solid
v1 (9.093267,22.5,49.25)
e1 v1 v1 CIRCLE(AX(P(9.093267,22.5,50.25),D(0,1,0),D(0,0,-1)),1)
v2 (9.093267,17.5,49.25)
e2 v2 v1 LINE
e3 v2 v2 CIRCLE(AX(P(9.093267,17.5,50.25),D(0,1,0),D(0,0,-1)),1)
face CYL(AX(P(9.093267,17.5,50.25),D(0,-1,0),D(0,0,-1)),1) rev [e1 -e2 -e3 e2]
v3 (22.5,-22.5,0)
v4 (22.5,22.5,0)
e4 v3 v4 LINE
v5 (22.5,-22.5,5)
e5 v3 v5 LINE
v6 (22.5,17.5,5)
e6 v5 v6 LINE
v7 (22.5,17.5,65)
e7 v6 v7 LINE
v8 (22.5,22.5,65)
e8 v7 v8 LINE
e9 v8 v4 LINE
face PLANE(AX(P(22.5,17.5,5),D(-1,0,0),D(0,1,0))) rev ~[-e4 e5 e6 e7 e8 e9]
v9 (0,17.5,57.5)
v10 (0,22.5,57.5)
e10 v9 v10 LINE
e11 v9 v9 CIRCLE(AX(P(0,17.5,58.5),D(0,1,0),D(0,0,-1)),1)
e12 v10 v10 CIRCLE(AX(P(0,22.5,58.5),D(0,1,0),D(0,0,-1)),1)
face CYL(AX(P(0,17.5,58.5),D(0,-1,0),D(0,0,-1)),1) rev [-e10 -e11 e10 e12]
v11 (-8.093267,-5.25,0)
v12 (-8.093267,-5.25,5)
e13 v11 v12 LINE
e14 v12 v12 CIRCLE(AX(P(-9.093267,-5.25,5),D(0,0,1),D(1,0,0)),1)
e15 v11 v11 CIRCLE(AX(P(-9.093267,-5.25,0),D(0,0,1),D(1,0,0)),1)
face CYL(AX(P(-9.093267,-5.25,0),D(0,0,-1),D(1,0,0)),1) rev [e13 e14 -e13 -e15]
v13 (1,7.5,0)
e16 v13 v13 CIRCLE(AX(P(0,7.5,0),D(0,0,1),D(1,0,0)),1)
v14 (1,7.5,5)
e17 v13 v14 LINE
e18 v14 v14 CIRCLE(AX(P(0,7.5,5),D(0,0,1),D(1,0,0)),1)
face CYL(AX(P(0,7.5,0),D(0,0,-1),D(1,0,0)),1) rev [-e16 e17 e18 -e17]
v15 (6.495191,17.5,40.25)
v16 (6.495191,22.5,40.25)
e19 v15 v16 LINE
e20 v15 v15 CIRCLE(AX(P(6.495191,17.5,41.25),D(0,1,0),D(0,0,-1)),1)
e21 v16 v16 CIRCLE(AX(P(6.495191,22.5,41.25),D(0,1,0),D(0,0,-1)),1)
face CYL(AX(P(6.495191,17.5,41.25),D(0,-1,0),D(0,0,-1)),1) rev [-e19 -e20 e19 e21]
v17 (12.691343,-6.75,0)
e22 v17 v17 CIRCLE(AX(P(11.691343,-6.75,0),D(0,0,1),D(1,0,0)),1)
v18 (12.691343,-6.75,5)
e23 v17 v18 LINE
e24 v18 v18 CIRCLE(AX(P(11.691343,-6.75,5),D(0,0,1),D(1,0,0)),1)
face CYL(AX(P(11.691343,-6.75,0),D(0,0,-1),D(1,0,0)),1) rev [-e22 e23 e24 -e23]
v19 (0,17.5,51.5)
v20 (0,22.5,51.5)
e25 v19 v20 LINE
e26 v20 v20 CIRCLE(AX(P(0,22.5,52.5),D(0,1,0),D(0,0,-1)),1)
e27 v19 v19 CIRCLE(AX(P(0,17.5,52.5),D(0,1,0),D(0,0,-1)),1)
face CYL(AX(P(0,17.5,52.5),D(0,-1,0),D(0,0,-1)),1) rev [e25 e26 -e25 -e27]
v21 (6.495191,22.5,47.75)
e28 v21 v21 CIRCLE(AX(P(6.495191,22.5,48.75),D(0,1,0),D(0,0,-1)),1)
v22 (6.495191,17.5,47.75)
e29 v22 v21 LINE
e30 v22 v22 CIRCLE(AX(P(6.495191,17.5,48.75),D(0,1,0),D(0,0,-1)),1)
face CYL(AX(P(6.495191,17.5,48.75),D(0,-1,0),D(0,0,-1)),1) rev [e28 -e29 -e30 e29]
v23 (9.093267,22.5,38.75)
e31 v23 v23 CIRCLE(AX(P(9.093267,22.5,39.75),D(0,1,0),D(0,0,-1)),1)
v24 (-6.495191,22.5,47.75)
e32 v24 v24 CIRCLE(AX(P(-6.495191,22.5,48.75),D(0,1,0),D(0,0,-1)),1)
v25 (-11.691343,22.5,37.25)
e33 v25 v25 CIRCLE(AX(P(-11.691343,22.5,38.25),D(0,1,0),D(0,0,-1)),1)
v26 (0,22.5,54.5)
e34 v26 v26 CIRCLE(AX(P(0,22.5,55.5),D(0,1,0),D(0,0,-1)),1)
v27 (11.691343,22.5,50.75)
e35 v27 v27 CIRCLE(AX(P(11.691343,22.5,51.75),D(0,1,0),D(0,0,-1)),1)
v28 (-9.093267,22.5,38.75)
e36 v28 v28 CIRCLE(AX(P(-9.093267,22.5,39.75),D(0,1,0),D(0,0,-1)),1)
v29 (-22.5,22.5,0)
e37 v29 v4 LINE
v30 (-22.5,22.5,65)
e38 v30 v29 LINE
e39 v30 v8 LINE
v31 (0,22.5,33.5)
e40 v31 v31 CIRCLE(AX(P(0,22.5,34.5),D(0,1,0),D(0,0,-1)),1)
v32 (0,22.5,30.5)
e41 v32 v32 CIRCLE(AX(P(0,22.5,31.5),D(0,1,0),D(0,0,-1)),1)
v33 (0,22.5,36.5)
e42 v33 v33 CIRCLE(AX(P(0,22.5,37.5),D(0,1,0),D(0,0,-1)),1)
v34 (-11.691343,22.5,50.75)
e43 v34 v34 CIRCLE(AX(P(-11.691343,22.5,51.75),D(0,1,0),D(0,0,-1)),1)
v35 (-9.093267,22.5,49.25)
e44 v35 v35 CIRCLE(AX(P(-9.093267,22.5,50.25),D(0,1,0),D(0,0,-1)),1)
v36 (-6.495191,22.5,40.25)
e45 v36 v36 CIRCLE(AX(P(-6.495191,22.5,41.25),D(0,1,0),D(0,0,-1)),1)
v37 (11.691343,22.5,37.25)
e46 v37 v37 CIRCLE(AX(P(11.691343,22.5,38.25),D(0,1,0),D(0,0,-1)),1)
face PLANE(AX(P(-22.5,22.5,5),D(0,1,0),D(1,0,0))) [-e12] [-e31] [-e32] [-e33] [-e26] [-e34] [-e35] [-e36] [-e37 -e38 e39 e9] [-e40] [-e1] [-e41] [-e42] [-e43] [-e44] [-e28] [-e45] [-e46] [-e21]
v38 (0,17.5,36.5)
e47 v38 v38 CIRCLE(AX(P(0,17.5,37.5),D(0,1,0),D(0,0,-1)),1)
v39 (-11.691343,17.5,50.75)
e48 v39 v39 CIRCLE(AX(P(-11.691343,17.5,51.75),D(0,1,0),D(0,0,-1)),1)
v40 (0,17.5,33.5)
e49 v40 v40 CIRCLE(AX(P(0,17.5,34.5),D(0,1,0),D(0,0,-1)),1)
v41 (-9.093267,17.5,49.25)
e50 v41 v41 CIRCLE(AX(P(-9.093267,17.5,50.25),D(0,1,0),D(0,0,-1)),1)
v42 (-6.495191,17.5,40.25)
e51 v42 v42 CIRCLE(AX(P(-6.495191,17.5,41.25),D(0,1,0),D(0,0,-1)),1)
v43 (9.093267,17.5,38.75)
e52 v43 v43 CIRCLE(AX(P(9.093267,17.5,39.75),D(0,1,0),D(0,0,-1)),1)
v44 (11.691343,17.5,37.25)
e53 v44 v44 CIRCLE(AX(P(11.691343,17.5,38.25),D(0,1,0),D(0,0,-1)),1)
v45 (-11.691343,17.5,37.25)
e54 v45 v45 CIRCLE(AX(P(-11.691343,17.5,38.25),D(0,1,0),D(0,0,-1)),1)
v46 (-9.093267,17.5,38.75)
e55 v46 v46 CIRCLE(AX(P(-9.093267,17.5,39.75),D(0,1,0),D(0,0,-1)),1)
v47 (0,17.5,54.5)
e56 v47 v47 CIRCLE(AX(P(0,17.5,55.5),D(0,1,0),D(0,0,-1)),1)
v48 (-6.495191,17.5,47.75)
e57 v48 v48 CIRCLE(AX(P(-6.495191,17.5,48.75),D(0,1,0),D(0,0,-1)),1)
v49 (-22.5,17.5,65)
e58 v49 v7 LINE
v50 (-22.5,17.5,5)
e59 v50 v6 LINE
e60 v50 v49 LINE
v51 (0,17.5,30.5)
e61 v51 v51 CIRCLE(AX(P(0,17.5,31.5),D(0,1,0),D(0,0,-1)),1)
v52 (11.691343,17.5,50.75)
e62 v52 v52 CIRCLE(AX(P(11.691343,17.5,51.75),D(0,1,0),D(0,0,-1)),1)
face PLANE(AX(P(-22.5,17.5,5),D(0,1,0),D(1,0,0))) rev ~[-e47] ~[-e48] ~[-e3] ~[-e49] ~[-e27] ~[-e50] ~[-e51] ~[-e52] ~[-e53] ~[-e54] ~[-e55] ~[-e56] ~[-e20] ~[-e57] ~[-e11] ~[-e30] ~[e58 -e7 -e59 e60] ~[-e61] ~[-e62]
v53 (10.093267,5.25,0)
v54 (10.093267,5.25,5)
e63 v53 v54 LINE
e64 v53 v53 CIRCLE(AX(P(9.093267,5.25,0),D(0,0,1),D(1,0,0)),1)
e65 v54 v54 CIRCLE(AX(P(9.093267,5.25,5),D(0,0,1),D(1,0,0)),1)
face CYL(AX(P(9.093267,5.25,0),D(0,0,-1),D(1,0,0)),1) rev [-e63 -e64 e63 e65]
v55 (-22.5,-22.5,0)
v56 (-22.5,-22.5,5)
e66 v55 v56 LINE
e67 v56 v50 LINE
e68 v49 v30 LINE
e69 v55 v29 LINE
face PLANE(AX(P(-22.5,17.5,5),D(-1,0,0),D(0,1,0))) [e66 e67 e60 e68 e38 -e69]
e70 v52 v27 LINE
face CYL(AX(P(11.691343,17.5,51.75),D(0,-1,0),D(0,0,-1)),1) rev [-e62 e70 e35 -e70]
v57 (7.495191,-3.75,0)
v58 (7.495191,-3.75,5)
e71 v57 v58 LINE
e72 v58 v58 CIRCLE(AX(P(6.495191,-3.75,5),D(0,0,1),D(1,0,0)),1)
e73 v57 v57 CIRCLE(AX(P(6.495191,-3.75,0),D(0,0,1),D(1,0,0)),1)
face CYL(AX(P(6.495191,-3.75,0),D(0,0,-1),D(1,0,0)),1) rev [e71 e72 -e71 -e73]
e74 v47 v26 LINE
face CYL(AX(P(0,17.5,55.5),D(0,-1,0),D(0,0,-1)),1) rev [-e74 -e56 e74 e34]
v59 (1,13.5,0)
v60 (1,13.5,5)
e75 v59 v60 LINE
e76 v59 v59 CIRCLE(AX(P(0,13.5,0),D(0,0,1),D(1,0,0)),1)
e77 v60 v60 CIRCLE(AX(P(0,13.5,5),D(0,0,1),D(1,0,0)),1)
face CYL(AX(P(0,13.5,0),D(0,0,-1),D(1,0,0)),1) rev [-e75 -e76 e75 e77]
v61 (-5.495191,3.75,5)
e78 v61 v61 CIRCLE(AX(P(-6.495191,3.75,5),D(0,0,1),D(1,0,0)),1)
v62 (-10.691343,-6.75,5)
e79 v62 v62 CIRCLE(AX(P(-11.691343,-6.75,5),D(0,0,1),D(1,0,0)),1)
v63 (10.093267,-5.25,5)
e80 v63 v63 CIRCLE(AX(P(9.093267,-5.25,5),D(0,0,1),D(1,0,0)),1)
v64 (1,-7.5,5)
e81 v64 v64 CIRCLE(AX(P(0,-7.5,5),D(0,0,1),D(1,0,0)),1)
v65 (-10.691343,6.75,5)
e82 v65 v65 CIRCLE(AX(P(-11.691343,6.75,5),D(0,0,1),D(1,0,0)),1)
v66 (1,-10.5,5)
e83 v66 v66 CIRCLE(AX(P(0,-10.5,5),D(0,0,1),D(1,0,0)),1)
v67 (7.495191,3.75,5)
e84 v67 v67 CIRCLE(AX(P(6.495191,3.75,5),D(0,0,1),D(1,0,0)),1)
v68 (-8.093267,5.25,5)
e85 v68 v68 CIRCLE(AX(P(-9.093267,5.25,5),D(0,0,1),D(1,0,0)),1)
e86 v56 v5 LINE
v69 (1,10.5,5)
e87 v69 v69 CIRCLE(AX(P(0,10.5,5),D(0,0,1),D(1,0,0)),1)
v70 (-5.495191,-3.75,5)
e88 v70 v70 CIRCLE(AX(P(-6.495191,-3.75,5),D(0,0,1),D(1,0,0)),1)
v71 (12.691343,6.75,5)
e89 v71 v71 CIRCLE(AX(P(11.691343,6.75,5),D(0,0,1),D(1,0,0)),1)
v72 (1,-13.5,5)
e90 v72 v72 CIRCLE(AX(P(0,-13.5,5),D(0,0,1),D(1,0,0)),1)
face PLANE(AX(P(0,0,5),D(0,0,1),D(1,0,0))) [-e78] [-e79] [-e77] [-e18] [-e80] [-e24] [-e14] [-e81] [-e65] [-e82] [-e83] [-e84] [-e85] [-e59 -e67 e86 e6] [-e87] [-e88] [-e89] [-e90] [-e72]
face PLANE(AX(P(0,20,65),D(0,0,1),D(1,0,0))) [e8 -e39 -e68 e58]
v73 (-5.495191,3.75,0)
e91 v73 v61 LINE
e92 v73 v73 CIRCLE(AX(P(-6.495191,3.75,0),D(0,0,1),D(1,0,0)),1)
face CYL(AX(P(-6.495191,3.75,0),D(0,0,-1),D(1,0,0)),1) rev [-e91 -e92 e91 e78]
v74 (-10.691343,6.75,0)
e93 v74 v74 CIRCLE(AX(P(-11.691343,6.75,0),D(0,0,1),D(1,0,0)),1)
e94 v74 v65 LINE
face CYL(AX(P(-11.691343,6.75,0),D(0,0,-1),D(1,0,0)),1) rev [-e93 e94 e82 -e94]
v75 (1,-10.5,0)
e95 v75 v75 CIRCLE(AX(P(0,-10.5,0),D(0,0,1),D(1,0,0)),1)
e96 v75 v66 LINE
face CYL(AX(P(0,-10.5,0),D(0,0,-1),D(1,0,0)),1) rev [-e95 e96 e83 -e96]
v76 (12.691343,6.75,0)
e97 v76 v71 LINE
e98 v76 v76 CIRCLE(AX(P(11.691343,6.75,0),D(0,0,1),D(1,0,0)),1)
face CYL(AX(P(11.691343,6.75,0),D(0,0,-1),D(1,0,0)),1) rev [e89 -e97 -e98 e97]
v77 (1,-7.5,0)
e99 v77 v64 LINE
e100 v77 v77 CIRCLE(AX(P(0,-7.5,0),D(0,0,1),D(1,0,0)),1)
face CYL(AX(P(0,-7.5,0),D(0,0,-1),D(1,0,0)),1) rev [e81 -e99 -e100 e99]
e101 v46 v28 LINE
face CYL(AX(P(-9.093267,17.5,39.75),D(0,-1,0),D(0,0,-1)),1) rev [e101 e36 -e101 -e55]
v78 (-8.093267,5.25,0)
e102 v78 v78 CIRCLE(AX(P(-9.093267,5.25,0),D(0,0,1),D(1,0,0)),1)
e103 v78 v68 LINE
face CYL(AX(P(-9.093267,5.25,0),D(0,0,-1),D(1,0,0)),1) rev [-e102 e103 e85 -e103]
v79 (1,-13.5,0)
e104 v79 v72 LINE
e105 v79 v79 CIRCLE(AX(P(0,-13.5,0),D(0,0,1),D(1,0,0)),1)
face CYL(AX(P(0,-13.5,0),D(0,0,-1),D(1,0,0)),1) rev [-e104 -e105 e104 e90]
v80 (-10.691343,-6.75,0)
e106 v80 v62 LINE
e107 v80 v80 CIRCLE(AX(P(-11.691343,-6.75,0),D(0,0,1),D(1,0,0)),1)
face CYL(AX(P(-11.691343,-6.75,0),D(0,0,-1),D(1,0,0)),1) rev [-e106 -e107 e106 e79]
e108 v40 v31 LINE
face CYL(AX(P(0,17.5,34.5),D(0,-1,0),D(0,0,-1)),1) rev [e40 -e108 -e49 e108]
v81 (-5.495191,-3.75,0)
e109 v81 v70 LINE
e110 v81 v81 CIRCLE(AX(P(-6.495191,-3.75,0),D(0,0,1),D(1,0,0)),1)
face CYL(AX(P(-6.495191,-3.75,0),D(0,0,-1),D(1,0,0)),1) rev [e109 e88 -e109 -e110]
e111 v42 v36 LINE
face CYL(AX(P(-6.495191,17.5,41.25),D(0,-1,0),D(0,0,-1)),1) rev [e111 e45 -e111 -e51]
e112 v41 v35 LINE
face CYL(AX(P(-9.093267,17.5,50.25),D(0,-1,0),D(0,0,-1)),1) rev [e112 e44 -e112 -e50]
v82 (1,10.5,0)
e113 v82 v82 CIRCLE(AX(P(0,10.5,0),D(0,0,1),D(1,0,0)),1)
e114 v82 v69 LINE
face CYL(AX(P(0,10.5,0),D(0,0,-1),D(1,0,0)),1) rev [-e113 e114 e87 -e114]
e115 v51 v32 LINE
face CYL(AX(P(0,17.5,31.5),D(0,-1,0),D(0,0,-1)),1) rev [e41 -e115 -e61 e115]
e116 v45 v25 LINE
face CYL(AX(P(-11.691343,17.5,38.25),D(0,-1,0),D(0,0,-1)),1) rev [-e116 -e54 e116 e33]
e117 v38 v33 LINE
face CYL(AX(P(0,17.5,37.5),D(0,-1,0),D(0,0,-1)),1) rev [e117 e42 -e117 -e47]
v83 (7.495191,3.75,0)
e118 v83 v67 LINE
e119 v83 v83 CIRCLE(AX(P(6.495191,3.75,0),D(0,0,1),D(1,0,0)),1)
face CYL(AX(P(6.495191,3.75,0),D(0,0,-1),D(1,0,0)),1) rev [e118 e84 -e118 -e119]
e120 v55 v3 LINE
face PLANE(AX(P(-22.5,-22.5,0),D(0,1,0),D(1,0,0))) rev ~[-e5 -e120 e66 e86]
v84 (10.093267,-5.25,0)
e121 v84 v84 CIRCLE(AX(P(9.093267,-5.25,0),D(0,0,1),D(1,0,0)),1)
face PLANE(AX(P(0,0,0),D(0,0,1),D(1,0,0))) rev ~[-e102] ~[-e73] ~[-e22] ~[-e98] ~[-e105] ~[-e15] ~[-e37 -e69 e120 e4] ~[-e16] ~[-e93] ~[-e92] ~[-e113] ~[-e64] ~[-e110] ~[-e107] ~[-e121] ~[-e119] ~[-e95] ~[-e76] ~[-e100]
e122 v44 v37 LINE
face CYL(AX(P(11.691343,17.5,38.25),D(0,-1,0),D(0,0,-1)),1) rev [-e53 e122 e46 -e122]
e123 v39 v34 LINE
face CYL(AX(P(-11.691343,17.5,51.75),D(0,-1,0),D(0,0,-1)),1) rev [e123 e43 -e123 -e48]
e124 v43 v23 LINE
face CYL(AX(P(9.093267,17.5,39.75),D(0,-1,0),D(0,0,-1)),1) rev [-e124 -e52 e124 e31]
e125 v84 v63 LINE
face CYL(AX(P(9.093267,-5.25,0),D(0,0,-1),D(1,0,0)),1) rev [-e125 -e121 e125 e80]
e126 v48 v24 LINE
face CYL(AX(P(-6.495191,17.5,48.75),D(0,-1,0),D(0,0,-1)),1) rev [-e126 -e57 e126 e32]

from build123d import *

# Parameters (mm, degrees)
SKETCH1_W           = 45
SKETCH1_H           = 45
SKETCH1_R           = 1
BOSS_EXTRUDE1_DEPTH = 5
SKETCH2_W           = 45
SKETCH2_H           = 5
BOSS_EXTRUDE2_DEPTH = 60
SKETCH3_R           = 1
CUT_EXTRUDE1_DEPTH  = 5


with BuildPart() as part:
    # Sketch1 → Boss-Extrude1 (new body)
    with BuildSketch(Plane.XY):
        Rectangle(SKETCH1_W, SKETCH1_H)
        with Locations((0, -13.5)):
            Circle(SKETCH1_R, mode=Mode.SUBTRACT)
        with Locations((0, -10.5)):
            Circle(SKETCH1_R, mode=Mode.SUBTRACT)
        with Locations((0, -7.5)):
            Circle(SKETCH1_R, mode=Mode.SUBTRACT)
        with Locations((-11.691342951, -6.75)):
            Circle(SKETCH1_R, mode=Mode.SUBTRACT)
        with Locations((-9.09326674, -5.25)):
            Circle(SKETCH1_R, mode=Mode.SUBTRACT)
        with Locations((-6.495190528, -3.75)):
            Circle(SKETCH1_R, mode=Mode.SUBTRACT)
        with Locations((-11.691342951, 6.75)):
            Circle(SKETCH1_R, mode=Mode.SUBTRACT)
        with Locations((-9.09326674, 5.25)):
            Circle(SKETCH1_R, mode=Mode.SUBTRACT)
        with Locations((-6.495190528, 3.75)):
            Circle(SKETCH1_R, mode=Mode.SUBTRACT)
        with Locations((0, 13.5)):
            Circle(SKETCH1_R, mode=Mode.SUBTRACT)
        with Locations((0, 10.5)):
            Circle(SKETCH1_R, mode=Mode.SUBTRACT)
        with Locations((0, 7.5)):
            Circle(SKETCH1_R, mode=Mode.SUBTRACT)
        with Locations((11.691342951, 6.75)):
            Circle(SKETCH1_R, mode=Mode.SUBTRACT)
        with Locations((9.09326674, 5.25)):
            Circle(SKETCH1_R, mode=Mode.SUBTRACT)
        with Locations((6.495190528, 3.75)):
            Circle(SKETCH1_R, mode=Mode.SUBTRACT)
        with Locations((11.691342951, -6.75)):
            Circle(SKETCH1_R, mode=Mode.SUBTRACT)
        with Locations((9.09326674, -5.25)):
            Circle(SKETCH1_R, mode=Mode.SUBTRACT)
        with Locations((6.495190528, -3.75)):
            Circle(SKETCH1_R, mode=Mode.SUBTRACT)
    extrude(amount=BOSS_EXTRUDE1_DEPTH)

    # Sketch2 → Boss-Extrude2 (add)
    with BuildSketch(Plane.XY.offset(5)):
        with Locations((0, 20)):
            Rectangle(SKETCH2_W, SKETCH2_H)
    extrude(amount=BOSS_EXTRUDE2_DEPTH)

    # Sketch3 → Cut-Extrude1 (cut)
    with BuildSketch(Plane(origin=(-5, 17.5, 0), x_dir=(0, 0, -1), z_dir=(0, 1, 0))):
        with Locations((-58.5, -5)):
            Circle(SKETCH3_R)
        with Locations((-55.5, -5)):
            Circle(SKETCH3_R)
        with Locations((-52.5, -5)):
            Circle(SKETCH3_R)
        with Locations((-51.75, 6.691342951)):
            Circle(SKETCH3_R)
        with Locations((-50.25, 4.09326674)):
            Circle(SKETCH3_R)
        with Locations((-48.75, 1.495190528)):
            Circle(SKETCH3_R)
        with Locations((-38.25, 6.691342951)):
            Circle(SKETCH3_R)
        with Locations((-39.75, 4.09326674)):
            Circle(SKETCH3_R)
        with Locations((-41.25, 1.495190528)):
            Circle(SKETCH3_R)
        with Locations((-31.5, -5)):
            Circle(SKETCH3_R)
        with Locations((-34.5, -5)):
            Circle(SKETCH3_R)
        with Locations((-37.5, -5)):
            Circle(SKETCH3_R)
        with Locations((-38.25, -16.691342951)):
            Circle(SKETCH3_R)
        with Locations((-39.75, -14.09326674)):
            Circle(SKETCH3_R)
        with Locations((-41.25, -11.495190528)):
            Circle(SKETCH3_R)
        with Locations((-51.75, -16.691342951)):
            Circle(SKETCH3_R)
        with Locations((-50.25, -14.09326674)):
            Circle(SKETCH3_R)
        with Locations((-48.75, -11.495190528)):
            Circle(SKETCH3_R)
    extrude(amount=CUT_EXTRUDE1_DEPTH, mode=Mode.SUBTRACT)


solid = part.part
